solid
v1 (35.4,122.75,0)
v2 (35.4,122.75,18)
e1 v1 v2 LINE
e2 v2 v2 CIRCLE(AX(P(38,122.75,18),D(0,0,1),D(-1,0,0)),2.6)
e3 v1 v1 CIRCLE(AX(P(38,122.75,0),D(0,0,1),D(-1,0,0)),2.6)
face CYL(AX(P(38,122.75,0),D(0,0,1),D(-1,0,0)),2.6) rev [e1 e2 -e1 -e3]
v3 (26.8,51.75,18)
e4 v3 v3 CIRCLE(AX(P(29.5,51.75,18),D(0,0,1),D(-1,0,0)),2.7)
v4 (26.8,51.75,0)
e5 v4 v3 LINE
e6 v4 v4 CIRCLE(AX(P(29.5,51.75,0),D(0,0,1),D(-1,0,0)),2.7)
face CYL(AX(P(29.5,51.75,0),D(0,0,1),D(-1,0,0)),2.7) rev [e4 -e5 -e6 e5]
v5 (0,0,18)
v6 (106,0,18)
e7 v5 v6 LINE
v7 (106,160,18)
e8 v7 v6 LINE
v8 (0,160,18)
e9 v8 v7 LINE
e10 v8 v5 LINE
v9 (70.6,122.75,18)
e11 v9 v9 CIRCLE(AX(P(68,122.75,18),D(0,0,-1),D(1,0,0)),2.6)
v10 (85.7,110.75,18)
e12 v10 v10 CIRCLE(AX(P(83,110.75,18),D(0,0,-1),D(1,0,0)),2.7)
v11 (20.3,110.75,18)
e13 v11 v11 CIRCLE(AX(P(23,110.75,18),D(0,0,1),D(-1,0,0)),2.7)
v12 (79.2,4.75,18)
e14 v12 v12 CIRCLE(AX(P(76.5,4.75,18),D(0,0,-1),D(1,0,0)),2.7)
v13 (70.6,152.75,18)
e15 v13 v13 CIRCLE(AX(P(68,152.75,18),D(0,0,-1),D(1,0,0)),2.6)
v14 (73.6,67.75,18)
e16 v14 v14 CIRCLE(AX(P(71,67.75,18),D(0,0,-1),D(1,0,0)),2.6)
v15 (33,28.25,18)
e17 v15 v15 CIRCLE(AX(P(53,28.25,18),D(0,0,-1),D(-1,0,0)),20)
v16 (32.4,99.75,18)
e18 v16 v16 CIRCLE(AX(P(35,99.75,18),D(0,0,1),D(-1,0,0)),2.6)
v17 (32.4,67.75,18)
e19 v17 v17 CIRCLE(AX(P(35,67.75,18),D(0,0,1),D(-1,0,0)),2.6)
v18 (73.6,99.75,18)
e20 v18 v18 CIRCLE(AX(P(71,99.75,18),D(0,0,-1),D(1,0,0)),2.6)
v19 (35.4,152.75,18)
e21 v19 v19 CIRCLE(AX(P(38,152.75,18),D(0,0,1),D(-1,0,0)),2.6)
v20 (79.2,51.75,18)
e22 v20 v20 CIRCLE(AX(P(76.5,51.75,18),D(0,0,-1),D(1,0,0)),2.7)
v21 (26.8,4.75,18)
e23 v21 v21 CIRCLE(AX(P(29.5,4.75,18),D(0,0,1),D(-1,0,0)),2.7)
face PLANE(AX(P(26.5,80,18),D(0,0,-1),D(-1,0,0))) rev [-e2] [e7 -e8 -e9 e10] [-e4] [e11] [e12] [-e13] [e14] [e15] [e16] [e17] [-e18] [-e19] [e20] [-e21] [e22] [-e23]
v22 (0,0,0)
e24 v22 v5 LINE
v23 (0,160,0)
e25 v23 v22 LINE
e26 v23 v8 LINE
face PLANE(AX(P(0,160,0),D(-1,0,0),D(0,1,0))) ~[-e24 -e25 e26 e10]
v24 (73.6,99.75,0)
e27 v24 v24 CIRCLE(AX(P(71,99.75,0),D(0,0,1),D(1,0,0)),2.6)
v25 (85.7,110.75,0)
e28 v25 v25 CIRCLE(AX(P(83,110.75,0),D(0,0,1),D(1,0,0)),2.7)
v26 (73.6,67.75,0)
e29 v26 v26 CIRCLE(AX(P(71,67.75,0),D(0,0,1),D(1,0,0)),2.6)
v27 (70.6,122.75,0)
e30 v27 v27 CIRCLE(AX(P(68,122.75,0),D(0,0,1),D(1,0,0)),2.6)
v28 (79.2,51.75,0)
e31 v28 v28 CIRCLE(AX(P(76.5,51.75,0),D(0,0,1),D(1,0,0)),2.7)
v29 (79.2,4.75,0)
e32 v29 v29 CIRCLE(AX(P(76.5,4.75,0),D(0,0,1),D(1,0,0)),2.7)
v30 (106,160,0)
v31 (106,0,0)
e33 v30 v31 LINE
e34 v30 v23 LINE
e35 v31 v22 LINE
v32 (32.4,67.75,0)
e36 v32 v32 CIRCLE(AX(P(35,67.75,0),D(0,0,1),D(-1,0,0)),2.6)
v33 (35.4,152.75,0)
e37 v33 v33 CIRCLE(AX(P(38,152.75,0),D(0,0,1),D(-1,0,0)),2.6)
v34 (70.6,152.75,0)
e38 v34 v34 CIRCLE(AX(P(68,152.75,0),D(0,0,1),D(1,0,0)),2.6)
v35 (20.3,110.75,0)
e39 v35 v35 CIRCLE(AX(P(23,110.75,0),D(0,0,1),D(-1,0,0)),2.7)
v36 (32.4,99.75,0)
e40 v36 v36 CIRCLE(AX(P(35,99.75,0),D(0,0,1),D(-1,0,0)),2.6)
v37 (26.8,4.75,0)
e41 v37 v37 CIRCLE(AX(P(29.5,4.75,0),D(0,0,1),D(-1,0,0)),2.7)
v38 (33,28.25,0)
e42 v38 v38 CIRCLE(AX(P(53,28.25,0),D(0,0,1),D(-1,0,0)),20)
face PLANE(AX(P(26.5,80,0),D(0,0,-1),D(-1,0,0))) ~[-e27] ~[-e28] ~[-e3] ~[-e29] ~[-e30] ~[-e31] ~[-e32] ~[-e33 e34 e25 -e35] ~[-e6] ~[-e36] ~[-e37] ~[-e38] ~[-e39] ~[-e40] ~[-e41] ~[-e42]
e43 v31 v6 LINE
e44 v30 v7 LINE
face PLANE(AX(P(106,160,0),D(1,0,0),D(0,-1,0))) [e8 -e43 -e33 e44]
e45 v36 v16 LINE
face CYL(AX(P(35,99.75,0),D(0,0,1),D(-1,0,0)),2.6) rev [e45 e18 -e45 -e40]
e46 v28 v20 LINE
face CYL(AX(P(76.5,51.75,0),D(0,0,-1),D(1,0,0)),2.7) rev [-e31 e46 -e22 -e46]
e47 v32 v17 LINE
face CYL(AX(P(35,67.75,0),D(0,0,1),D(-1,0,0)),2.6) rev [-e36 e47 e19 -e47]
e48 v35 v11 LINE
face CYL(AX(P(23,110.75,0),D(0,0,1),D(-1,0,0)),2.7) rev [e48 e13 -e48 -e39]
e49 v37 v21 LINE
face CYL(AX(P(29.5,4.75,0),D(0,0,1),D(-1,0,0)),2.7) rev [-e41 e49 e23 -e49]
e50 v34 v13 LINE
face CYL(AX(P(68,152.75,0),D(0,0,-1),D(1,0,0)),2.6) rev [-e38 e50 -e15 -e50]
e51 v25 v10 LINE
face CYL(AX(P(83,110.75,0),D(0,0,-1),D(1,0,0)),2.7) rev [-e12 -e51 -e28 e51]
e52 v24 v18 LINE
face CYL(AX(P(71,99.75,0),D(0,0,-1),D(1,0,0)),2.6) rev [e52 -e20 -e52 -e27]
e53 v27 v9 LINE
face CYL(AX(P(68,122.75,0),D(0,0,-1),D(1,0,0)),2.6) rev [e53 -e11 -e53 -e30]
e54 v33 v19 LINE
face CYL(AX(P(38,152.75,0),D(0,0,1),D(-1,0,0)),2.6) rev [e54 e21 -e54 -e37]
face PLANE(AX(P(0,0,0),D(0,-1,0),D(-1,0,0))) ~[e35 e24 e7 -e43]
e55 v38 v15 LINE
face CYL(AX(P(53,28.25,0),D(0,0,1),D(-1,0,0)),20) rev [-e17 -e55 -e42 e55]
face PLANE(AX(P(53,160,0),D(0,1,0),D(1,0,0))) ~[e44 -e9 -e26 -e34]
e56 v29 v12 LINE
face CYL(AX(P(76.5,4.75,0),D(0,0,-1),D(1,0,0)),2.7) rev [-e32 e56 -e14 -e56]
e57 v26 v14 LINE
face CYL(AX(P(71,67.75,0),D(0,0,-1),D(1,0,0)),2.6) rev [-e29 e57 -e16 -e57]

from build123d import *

# Parameters (mm, degrees)
PAD_DEPTH            = 18
SKETCH_R             = 2.6
POCKET_DEPTH         = 339.017224
POCKET_DEPTH_BACK    = 357.017224
SKETCH001_R          = 2.6
POCKET001_DEPTH      = 339.017224
POCKET001_DEPTH_BACK = 357.017224
SKETCH002_R          = 20
POCKET002_DEPTH      = 339.017224
POCKET002_DEPTH_BACK = 357.017224
SKETCH004_R          = 2.7
POCKET003_DEPTH      = 339.017224
POCKET003_DEPTH_BACK = 357.017224
SKETCH005_R          = 2.7
POCKET004_DEPTH      = 339.017224
POCKET004_DEPTH_BACK = 357.017224


with BuildPart() as part:
    # Sketch003 → Pad (new body)
    with BuildSketch(Plane.XY):
        Polygon((0, 92.25), (53, 92.25), (53, -67.75), (0, -67.75), (0, 0), align=None)
    pad = extrude(amount=PAD_DEPTH)

    # Sketch → Pocket (cut, two sides)
    with BuildSketch(Plane(origin=(18, 0, 0), x_dir=(1, 0, 0), z_dir=(0, 0, 1))) as pocket_sk:
        Circle(SKETCH_R)
        with Locations((0, 32)):
            Circle(SKETCH_R)
    pocket = extrude(amount=-POCKET_DEPTH, mode=Mode.SUBTRACT) + extrude(pocket_sk.sketch, amount=POCKET_DEPTH_BACK, mode=Mode.SUBTRACT)

    # Sketch001 → Pocket001 (cut, two sides)
    with BuildSketch(Plane(origin=(15, 55, 0), x_dir=(1, 0, 0), z_dir=(0, 0, 1))) as pocket001_sk:
        Circle(SKETCH001_R)
        with Locations((0, 30)):
            Circle(SKETCH001_R)
    pocket001 = extrude(amount=-POCKET001_DEPTH, mode=Mode.SUBTRACT) + extrude(pocket001_sk.sketch, amount=POCKET001_DEPTH_BACK, mode=Mode.SUBTRACT)

    # Sketch002 → Pocket002 (cut, two sides)
    with BuildSketch(Plane(origin=(0, -39.5, 0), x_dir=(1, 0, 0), z_dir=(0, 0, 1))) as pocket002_sk:
        Circle(SKETCH002_R)
    pocket002 = extrude(amount=-POCKET002_DEPTH, mode=Mode.SUBTRACT) + extrude(pocket002_sk.sketch, amount=POCKET002_DEPTH_BACK, mode=Mode.SUBTRACT)

    # Sketch004 → Pocket003 (cut, two sides)
    with BuildSketch(Plane(origin=(23.5, -39.5, 0), x_dir=(1, 0, 0), z_dir=(0, 0, 1))) as pocket003_sk:
        with Locations((0, 23.5)):
            Circle(SKETCH004_R)
        with Locations((0, -23.5)):
            Circle(SKETCH004_R)
    pocket003 = extrude(amount=-POCKET003_DEPTH, mode=Mode.SUBTRACT) + extrude(pocket003_sk.sketch, amount=POCKET003_DEPTH_BACK, mode=Mode.SUBTRACT)

    # Sketch005 → Pocket004 (cut, two sides)
    with BuildSketch(Plane(origin=(30, 43, 0), x_dir=(1, 0, 0), z_dir=(0, 0, 1))) as pocket004_sk:
        Circle(SKETCH005_R)
    pocket004 = extrude(amount=-POCKET004_DEPTH, mode=Mode.SUBTRACT) + extrude(pocket004_sk.sketch, amount=POCKET004_DEPTH_BACK, mode=Mode.SUBTRACT)

    # Mirrored: Pad, Pocket, Pocket001, Pocket002, Pocket003, Pocket004 across Sketch003 V_Axis
    add(pad.mirror(Plane(origin=(0, 0, 0), x_dir=(0, 0, 1), z_dir=(1, 0, 0))))
    add(pocket.mirror(Plane(origin=(0, 0, 0), x_dir=(0, 0, 1), z_dir=(1, 0, 0))), mode=Mode.SUBTRACT)
    add(pocket001.mirror(Plane(origin=(0, 0, 0), x_dir=(0, 0, 1), z_dir=(1, 0, 0))), mode=Mode.SUBTRACT)
    add(pocket002.mirror(Plane(origin=(0, 0, 0), x_dir=(0, 0, 1), z_dir=(1, 0, 0))), mode=Mode.SUBTRACT)
    add(pocket003.mirror(Plane(origin=(0, 0, 0), x_dir=(0, 0, 1), z_dir=(1, 0, 0))), mode=Mode.SUBTRACT)
    add(pocket004.mirror(Plane(origin=(0, 0, 0), x_dir=(0, 0, 1), z_dir=(1, 0, 0))), mode=Mode.SUBTRACT)


with BuildPart() as part_1:
    # Clone placement: moved
    add(part.part.moved(Location((53, 67.75, 0))))


solid = part_1.part
